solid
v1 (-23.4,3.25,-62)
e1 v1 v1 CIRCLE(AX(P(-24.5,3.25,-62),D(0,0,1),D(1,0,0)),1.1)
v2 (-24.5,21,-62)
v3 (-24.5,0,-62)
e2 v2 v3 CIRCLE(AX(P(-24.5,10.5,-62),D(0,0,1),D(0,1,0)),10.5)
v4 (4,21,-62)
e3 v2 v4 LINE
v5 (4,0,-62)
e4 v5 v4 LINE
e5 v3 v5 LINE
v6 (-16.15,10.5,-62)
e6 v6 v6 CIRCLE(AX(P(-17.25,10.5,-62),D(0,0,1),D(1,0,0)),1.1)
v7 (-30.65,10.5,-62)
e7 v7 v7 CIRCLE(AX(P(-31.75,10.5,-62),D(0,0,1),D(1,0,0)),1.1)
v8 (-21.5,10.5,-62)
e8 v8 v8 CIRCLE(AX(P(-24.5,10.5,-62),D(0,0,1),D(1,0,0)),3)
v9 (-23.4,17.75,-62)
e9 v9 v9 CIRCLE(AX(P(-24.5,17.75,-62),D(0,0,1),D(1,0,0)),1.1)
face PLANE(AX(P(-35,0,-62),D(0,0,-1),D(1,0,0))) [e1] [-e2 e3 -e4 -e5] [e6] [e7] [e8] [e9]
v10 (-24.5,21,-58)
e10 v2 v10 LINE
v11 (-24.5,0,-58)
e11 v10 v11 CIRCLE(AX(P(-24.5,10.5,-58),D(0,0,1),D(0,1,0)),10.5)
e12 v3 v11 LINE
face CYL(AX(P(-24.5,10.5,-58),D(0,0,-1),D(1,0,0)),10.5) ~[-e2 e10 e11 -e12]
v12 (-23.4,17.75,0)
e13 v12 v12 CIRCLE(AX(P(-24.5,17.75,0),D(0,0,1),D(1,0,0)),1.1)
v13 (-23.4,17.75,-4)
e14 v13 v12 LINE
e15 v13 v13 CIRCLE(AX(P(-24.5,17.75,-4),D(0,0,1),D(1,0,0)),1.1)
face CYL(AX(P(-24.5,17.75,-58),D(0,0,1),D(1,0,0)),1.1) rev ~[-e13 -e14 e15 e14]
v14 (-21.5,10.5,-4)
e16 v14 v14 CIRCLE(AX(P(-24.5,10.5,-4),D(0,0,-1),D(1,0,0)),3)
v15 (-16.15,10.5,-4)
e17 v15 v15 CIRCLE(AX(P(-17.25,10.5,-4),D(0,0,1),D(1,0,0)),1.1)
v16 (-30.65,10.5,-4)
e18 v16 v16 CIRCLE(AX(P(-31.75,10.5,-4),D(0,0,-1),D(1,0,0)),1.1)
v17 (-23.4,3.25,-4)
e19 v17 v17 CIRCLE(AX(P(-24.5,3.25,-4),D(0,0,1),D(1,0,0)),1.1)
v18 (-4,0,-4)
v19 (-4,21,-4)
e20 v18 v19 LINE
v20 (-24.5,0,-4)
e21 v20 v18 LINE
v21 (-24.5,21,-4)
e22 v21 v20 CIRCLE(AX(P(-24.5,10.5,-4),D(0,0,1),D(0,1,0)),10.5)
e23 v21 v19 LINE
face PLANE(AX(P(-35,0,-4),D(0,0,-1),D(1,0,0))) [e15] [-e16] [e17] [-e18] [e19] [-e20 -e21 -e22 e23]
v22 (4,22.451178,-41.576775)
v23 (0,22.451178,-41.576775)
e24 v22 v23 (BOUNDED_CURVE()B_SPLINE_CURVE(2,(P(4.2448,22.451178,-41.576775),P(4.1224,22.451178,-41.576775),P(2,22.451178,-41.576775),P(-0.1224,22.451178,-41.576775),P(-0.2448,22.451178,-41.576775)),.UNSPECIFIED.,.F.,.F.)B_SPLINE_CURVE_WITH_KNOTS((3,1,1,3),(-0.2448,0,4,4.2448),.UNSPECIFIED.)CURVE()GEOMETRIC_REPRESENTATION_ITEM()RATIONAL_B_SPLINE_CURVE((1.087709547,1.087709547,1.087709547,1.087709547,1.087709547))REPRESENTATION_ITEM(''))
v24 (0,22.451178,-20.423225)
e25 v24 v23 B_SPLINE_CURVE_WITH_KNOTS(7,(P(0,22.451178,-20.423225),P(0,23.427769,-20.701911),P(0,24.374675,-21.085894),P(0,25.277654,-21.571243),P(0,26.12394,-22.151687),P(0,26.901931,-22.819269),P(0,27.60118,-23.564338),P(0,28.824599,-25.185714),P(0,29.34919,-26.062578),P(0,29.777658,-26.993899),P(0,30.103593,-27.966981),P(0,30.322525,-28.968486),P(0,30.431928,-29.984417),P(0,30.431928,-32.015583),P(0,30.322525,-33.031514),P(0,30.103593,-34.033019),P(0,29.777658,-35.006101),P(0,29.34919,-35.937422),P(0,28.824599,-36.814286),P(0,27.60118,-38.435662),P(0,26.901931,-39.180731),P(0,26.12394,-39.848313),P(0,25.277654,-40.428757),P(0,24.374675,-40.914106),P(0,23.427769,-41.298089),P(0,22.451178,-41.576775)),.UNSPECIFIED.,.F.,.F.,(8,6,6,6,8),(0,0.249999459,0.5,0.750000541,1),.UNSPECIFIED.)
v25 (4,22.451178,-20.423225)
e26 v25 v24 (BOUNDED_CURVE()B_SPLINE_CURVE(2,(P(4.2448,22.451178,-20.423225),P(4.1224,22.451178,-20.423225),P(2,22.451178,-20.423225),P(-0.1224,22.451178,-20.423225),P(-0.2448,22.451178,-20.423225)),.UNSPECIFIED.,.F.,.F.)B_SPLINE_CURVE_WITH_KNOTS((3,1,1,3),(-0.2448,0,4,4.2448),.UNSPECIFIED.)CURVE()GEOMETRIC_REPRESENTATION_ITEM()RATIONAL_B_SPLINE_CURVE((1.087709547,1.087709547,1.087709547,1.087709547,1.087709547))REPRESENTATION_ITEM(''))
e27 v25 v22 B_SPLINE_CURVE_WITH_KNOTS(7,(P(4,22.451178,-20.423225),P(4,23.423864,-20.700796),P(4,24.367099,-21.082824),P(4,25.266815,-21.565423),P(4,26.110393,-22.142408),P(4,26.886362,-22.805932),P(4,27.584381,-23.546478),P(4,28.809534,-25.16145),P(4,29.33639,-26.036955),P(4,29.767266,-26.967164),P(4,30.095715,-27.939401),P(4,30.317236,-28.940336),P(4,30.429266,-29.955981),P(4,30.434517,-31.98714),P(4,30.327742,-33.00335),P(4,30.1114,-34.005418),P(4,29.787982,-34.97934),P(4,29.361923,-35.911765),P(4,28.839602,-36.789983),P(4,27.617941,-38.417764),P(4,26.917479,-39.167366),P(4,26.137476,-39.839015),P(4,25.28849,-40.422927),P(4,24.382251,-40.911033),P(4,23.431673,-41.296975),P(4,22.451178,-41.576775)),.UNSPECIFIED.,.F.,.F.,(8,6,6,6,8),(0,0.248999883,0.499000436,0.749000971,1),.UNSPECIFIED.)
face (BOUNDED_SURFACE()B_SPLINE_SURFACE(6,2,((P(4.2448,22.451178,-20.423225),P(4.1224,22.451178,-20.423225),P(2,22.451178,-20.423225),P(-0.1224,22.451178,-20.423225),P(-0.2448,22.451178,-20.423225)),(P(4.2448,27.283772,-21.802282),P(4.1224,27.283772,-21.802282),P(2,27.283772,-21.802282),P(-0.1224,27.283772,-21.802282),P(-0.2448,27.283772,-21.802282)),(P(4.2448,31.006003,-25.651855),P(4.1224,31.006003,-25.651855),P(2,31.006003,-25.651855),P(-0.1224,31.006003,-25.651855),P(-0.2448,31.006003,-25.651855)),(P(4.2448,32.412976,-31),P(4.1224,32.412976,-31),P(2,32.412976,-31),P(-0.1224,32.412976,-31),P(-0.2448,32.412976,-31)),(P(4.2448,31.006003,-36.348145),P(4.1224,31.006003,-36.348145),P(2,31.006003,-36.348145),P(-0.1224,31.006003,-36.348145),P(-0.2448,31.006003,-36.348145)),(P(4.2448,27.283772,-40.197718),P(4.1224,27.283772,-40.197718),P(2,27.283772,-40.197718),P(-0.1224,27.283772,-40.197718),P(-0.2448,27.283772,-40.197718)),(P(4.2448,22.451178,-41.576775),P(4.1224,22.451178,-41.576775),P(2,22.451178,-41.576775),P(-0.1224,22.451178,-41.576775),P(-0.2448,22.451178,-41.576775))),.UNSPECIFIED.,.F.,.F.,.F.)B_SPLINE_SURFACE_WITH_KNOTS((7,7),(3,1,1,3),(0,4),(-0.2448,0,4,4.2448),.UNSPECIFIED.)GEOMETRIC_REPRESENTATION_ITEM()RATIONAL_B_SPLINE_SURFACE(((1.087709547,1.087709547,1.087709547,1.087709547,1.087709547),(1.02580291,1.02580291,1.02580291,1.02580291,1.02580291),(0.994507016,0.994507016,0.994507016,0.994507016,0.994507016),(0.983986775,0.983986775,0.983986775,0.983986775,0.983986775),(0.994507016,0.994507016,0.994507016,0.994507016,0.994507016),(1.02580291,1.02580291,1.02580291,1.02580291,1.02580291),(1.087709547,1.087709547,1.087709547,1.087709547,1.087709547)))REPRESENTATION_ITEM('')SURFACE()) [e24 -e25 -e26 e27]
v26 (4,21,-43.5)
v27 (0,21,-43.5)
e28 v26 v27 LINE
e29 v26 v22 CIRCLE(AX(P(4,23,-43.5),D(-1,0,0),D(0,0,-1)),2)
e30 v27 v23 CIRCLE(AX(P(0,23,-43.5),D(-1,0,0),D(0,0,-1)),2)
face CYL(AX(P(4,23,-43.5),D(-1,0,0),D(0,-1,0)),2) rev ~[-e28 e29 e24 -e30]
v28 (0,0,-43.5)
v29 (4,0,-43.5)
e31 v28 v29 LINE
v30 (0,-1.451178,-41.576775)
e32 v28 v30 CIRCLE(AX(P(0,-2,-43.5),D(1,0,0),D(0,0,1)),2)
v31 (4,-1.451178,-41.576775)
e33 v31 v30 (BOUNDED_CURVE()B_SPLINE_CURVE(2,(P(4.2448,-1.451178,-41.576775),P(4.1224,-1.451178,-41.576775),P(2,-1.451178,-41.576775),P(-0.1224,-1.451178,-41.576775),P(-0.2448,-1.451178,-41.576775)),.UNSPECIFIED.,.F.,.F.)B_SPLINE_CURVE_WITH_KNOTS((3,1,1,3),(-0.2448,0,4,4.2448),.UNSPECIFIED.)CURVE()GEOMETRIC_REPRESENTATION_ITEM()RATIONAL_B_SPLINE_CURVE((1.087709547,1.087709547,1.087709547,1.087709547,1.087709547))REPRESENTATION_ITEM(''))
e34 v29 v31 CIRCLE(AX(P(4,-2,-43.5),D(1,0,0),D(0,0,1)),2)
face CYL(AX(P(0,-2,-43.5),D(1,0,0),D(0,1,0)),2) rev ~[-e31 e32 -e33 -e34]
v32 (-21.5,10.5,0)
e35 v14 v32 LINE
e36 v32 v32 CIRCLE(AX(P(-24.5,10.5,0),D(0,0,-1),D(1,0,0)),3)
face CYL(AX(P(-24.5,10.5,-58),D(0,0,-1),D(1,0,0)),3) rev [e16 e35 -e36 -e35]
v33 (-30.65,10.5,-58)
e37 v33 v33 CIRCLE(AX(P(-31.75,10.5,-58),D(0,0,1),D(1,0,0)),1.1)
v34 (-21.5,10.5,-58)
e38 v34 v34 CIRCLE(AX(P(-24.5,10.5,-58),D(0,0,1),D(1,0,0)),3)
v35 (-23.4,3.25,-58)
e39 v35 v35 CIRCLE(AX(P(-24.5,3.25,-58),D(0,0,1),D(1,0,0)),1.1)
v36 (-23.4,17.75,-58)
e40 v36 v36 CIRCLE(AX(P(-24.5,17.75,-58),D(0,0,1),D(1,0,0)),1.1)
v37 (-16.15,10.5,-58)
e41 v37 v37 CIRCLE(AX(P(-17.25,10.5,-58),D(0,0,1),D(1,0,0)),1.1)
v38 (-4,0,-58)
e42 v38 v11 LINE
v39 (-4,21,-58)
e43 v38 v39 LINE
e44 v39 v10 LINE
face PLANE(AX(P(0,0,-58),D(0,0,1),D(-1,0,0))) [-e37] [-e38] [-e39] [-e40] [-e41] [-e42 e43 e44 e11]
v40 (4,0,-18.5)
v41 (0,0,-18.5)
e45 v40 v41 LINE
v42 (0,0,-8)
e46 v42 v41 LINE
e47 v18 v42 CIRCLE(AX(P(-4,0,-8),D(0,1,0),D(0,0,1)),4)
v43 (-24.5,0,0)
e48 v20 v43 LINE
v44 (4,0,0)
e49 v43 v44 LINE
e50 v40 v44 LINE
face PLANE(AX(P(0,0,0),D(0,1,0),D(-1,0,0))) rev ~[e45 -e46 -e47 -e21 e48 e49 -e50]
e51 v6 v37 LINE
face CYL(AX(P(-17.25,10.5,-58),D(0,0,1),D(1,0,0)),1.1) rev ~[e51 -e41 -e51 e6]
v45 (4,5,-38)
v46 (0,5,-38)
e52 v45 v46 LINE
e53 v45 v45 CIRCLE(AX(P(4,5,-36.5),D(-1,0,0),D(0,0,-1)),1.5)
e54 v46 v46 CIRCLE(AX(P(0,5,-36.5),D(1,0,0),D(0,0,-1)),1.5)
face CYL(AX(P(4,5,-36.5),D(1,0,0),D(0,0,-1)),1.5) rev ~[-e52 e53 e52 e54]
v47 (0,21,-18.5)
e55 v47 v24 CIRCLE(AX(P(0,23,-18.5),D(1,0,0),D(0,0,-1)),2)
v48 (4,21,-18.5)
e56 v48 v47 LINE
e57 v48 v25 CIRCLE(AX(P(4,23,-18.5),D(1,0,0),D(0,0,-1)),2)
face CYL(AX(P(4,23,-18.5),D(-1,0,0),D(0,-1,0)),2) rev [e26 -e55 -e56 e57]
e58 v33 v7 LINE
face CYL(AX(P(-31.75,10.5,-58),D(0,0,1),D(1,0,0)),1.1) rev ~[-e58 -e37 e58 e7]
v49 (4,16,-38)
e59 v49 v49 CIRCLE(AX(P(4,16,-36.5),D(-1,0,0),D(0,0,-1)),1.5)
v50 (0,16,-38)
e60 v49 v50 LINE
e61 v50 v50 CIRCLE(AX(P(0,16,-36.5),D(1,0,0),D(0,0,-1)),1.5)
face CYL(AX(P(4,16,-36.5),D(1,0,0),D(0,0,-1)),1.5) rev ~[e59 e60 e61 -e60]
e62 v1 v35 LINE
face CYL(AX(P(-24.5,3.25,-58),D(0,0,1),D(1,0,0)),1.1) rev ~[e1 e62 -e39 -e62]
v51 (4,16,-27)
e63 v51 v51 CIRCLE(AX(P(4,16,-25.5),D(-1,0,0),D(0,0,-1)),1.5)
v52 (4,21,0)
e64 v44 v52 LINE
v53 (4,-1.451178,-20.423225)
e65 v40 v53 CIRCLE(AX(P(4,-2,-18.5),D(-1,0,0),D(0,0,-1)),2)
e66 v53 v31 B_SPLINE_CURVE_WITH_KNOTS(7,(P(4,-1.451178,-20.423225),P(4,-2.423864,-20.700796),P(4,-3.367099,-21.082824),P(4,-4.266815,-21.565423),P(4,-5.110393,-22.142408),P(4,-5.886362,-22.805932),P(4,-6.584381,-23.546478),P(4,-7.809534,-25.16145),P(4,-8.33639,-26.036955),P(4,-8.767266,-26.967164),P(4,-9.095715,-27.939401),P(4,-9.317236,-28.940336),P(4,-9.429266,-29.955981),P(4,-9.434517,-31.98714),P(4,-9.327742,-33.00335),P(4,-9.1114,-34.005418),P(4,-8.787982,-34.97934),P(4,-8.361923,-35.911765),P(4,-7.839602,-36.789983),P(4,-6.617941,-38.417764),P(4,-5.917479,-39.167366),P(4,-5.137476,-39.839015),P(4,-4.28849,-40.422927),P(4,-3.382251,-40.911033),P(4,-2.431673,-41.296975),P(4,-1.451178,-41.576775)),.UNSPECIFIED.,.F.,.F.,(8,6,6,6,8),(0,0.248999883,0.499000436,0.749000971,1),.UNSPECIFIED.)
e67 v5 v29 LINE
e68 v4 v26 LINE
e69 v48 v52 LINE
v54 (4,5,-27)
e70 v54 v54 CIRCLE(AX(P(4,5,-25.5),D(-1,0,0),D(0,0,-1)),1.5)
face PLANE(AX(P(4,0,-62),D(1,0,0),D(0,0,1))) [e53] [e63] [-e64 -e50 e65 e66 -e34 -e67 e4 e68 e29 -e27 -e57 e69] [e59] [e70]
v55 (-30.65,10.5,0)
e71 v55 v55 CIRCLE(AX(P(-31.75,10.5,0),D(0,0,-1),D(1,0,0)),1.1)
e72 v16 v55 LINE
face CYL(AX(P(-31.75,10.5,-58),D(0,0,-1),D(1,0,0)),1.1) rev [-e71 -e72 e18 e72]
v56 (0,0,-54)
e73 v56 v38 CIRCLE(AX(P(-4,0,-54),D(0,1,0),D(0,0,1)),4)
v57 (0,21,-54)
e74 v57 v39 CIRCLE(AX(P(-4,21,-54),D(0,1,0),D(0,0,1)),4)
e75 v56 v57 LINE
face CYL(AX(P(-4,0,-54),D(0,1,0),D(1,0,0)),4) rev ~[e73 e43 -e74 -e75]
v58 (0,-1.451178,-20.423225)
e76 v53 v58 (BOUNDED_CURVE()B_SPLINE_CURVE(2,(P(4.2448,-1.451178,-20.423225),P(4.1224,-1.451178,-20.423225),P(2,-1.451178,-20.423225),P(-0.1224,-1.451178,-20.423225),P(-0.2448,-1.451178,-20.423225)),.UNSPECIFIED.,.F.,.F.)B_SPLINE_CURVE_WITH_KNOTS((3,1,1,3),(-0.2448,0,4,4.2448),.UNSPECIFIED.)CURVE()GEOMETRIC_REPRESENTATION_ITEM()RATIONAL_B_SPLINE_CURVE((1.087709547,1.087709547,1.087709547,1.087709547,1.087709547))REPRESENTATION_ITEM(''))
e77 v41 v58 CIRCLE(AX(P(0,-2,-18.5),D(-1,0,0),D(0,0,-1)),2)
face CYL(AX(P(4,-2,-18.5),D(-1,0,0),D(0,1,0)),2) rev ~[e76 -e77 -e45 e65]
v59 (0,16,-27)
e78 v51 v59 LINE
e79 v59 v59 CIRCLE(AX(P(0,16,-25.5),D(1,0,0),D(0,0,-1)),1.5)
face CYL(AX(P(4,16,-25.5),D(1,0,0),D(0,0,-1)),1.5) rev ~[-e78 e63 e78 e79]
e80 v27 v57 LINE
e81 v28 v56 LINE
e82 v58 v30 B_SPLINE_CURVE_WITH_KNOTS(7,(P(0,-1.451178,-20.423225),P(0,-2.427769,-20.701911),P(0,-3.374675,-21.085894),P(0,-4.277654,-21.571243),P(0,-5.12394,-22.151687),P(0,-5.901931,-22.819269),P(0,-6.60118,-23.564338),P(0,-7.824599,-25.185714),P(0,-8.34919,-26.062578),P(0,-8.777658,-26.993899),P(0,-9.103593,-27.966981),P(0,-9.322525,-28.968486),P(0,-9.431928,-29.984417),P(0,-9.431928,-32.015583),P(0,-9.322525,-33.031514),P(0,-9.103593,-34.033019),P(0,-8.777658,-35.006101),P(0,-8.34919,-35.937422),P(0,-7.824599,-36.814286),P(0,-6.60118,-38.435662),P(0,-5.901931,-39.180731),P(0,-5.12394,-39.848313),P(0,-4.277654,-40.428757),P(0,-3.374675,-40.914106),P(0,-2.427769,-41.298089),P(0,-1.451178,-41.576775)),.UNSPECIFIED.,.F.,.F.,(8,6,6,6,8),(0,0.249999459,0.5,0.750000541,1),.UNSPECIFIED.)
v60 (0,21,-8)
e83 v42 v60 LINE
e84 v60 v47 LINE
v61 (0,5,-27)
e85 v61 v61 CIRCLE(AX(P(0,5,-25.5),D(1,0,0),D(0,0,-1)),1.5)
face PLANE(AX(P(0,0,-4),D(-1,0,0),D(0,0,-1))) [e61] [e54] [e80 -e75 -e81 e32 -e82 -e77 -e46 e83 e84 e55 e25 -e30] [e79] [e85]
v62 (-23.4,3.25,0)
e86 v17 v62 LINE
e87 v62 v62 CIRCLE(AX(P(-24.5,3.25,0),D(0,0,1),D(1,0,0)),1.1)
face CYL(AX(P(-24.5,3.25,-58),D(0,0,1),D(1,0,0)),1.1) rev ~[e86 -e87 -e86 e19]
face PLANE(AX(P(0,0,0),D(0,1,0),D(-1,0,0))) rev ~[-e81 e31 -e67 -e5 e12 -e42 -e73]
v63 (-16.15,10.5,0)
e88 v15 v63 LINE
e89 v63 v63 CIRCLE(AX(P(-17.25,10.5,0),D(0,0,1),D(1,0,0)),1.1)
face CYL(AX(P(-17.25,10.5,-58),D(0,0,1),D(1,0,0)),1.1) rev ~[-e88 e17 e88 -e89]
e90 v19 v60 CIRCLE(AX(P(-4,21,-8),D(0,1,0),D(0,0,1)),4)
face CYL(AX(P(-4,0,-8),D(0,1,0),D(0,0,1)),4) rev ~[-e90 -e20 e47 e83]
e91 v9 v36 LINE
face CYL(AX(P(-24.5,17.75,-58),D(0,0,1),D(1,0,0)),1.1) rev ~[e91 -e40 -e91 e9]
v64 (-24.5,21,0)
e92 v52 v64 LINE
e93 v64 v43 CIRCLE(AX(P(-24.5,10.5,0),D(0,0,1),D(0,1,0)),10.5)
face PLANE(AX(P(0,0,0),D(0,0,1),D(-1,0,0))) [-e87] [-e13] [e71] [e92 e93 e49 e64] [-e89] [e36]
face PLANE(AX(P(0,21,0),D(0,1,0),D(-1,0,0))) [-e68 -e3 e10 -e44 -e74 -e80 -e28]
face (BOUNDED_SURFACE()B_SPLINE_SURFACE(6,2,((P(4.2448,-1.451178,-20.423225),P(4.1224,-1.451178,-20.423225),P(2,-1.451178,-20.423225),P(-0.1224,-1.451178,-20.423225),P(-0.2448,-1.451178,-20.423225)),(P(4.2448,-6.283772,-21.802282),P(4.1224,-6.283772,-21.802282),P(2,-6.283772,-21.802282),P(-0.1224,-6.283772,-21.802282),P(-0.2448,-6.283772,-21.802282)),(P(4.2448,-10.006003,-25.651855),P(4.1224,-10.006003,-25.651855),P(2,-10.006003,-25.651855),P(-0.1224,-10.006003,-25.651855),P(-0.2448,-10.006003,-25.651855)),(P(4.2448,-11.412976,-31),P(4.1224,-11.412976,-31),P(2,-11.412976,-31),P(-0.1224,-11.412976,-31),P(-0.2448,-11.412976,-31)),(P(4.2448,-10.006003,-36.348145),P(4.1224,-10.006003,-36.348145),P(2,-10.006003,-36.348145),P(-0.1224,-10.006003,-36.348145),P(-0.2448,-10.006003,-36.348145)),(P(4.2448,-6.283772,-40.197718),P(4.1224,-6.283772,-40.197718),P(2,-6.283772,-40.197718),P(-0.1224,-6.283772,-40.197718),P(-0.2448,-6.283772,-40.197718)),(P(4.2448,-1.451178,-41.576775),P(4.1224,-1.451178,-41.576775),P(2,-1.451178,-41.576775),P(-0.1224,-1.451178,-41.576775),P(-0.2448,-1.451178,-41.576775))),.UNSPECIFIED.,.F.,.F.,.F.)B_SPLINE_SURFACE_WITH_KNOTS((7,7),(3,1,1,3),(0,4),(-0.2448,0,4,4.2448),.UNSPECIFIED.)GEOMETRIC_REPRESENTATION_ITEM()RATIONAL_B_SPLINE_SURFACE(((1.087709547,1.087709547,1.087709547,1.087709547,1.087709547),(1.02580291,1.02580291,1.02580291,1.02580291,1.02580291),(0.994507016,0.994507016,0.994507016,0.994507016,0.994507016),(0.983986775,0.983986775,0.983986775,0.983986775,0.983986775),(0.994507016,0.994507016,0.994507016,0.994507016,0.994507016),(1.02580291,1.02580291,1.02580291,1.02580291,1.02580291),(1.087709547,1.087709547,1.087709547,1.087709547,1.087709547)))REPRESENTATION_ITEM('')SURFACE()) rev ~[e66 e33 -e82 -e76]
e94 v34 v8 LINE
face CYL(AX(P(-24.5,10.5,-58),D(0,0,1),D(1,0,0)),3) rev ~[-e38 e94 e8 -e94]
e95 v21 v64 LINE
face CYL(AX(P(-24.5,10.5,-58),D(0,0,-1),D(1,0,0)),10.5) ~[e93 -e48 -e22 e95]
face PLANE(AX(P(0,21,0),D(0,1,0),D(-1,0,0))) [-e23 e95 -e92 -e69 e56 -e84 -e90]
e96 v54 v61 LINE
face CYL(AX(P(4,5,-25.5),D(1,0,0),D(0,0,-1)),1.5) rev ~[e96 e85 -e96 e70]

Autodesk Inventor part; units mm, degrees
ref_plane "YZ Plane" through (0, 0, 0) normal (1, 0, 0) x (0, 1, 0)
ref_plane "XZ Plane" through (0, 0, 0) normal (0, 1, 0) x (-1, 0, 0)
ref_plane "XY Plane" through (0, 0, 0) normal (0, 0, 1) x (1, 0, 0)
sketch "Sketch1" plane through (0, 0, 0) normal (0, 1, 0) x (-1, 0, 0)
  line L0 (0, 0) -> (0, -58)
  line L1 (0, -58) -> (35, -58)
  line L2 (35, -58) -> (35, -62)
  line L3 (35, -62) -> (-4, -62)
  line L4 (-4, -62) -> (-4, 0)
  line L5 (-4, 0) -> (0, 0)
  line L6 (0, 0) -> (35, 0)
  line L7 (35, 0) -> (35, -4)
  line L8 (35, -4) -> (0, -4)
  line L9 (0, -4) -> (0, 0)
  dimension "d0" = 58
  dimension "d1" = 35
  dimension "d2" = 4
  dimension "d3" = 39
  dimension "d27" = 35
  dimension "d28" = 4
extrude "Extrusion1" add sketch "Sketch1" along normal blind 21
sketch "Sketch2" plane through (4, 0, 0) normal (1, 0, 0) x (0, 0, -1)
  line L0 (0, 21) -> (62, 21) projected
  line L1 (0, 21) -> (25.5, 21)
  line L2 (25.5, 21) -> (25.5, 16)
  line L3 (25.5, 16) -> (0, 16)
  line L4 (0, 16) -> (0, 21)
  line L5 (25.5, 16) -> (36.5, 16)
  line L6 (36.5, 16) -> (36.5, 5)
  line L7 (36.5, 5) -> (25.5, 5)
  line L8 (25.5, 5) -> (25.5, 16)
  circle A0 centre (25.5, 16) radius 1.5
  circle A1 centre (36.5, 16) radius 1.5
  circle A2 centre (25.5, 5) radius 1.5
  circle A3 centre (36.5, 5) radius 1.5
  point P0 (0, 0)
  dimension "d6" = 25.5
  dimension "d7" = 5
  dimension "d8" = 11
  dimension "d9" = 11
  dimension "d10" = 3
  dimension "d11" = 3
  dimension "d12" = 3
  dimension "d13" = 3
extrude "Extrusion2" cut sketch "Sketch2" against normal blind 21 contours A0 L5 L2 | L2 L3 A0 | L3 L8 A0 | L5 A0 L8 | A1 L6 L5 | L5 L6 A1 | A2 L7 L8 | L8 L7 A2 | A3 L7 L6 | L6 L7 A3
sketch "Sketch3" plane through (-35, 0, -58) normal (0, 0, 1) x (1, 0, 0)
  line L0 (0, 0) -> (0, 21) projected
  line L1 (0, 10.5) -> (10.5, 10.5)
  circle A0 centre (10.5, 10.5) radius 10.5
  line L2 (0, 21) -> (10.5, 21)
  line L3 (10.5, 21) -> (10.5, 0)
  line L4 (10.5, 0) -> (0, 0)
  line L5 (0, 0) -> (0, 21)
  circle A1 centre (10.5, 10.5) radius 8
  circle A2 centre (10.5, 10.5) radius 6.5
  line L6 (10.5, 18.5) -> (10.5, 17)
  line L7 (10.5, 4) -> (10.5, 2.5)
  line L8 (2.5, 10.5) -> (4, 10.5)
  line L9 (10.5, 10.5) -> (18.5, 10.5)
  line L10 (18.5, 10.5) -> (17, 10.5)
  circle A3 centre (10.5, 17.75) radius 1.1
  circle A4 centre (3.25, 10.5) radius 1.1
  circle A5 centre (17.75, 10.5) radius 1.1
  circle A6 centre (10.5, 3.25) radius 1.1
  circle A7 centre (10.5, 10.5) radius 3
  point P0 (35, 0)
  point P1 (10.5, 21)
  dimension "d16" = 10.5
  dimension "d17" = 16
  dimension "d18" = 13
  dimension "d19" = 2.2
  dimension "d20" = 2.2
  dimension "d21" = 2.2
  dimension "d22" = 2.2
  dimension "d23" = 6
extrude "Extrusion3" cut sketch "Sketch3" along normal mid plane 1000 contours L0 A0 L4 | L0 L2 A0 | A4 A1 L1 | L1 A1 A4 | A6 A1 L3 | L3 A1 A6 | A1 A4 A2 L1 | L1 A2 A4 A1 | A3 A1 L3 | L3 A1 A3 | A1 A6 A2 L3 | L3 A2 A6 A1 | A2 A4 L1 | L1 A4 A2 | A1 L3 A2 A3 | A1 A3 A2 L3 | A2 A6 L3 | L3 A6 A2 | A5 A2 L9 A1 | A1 A5 | A2 L3 A3 | A2 A3 L3 | A1 L9 A2 A5 | A5 L9 A2 | A7 L3 L1 | L1 L3 A7 | A2 L9 A5 | L3 L9 A7 | L3 A7 L9
fillet "Fillet1" radius 4 2 edges at (0, 10.5, -58) (0, 10.5, -4)
sketch "Sketch4" plane through (4, 0, 0) normal (1, 0, 0) x (0, 0, -1)
  circle A0 centre (25.5, 16) radius 1.5 projected
  line L0 (25.5, 16) -> (20.5, 16)
  line L1 (20.5, 16) -> (41.5, 16)
  line L2 (20.5, 16) -> (41.5, 16)
  line L3 (41.5, 16) -> (41.5, 31)
  line L4 (41.5, 31) -> (20.5, 31)
  line L5 (20.5, 31) -> (20.5, 16)
  circle A1 centre (25.5, 5) radius 1.5 projected
  line L6 (25.5, 5) -> (20.5, 5)
  circle A2 centre (36.5, 5) radius 1.5 projected
  line L7 (20.5, 5) -> (36.5, 5)
  line L8 (36.5, 5) -> (41.5, 5)
  line L9 (20.5, 5) -> (41.5, 5)
  line L10 (41.5, 5) -> (41.5, -10)
  line L11 (41.5, -10) -> (20.5, -10)
  line L12 (20.5, -10) -> (20.5, 5)
  line L13 (0, 21) -> (62, 21) projected
  line L14 (20.5, 31) -> (41.5, 31)
  line L15 (41.5, 31) -> (41.5, 21)
  line L16 (41.5, 21) -> (20.5, 21)
  line L17 (20.5, 21) -> (20.5, 31)
  line L18 (41.5, -10) -> (20.5, -10)
  line L19 (20.5, -10) -> (20.5, -2.5)
  line L20 (41.5, -2.5) -> (41.5, -10)
  line L21 (20.5, -10) -> (41.5, -10)
  line L22 (41.5, -10) -> (41.5, 0)
  line L23 (41.5, 0) -> (20.5, 0)
  line L24 (20.5, 0) -> (20.5, -10)
  line L25 (20.5, 31) -> (41.5, 31)
  line L26 (41.5, 31) -> (41.5, 21)
  line L27 (41.5, 21) -> (20.5, 21)
  line L28 (20.5, 21) -> (20.5, 31)
  point P0 (0, 0)
  point P1 (38, 5)
  point P2 (35, 5)
  point P3 (27, 5)
  point P4 (24, 5)
  dimension "d29" = 5
  dimension "d30" = 21
  dimension "d31" = 15
  dimension "d32" = 15
extrude "Extrusion4" add sketch "Sketch4" against normal blind 4 contours L13 L5 L4 L3 | L7 A2 L8 L10 L23 L12 L6 A1 | L23 L10 L11 L12
fillet "Fillet2" radius 2 4 edges at (2, 21, -41.5) (2, 21, -20.5) (2, 0, -41.5) (2, 0, -20.5)
fillet "Fillet3" radius 11 4 edges at (2, 31, -20.5) (2, 31, -41.5) (2, -10, -20.5) (2, -10, -41.5)
properties part number "L2"
